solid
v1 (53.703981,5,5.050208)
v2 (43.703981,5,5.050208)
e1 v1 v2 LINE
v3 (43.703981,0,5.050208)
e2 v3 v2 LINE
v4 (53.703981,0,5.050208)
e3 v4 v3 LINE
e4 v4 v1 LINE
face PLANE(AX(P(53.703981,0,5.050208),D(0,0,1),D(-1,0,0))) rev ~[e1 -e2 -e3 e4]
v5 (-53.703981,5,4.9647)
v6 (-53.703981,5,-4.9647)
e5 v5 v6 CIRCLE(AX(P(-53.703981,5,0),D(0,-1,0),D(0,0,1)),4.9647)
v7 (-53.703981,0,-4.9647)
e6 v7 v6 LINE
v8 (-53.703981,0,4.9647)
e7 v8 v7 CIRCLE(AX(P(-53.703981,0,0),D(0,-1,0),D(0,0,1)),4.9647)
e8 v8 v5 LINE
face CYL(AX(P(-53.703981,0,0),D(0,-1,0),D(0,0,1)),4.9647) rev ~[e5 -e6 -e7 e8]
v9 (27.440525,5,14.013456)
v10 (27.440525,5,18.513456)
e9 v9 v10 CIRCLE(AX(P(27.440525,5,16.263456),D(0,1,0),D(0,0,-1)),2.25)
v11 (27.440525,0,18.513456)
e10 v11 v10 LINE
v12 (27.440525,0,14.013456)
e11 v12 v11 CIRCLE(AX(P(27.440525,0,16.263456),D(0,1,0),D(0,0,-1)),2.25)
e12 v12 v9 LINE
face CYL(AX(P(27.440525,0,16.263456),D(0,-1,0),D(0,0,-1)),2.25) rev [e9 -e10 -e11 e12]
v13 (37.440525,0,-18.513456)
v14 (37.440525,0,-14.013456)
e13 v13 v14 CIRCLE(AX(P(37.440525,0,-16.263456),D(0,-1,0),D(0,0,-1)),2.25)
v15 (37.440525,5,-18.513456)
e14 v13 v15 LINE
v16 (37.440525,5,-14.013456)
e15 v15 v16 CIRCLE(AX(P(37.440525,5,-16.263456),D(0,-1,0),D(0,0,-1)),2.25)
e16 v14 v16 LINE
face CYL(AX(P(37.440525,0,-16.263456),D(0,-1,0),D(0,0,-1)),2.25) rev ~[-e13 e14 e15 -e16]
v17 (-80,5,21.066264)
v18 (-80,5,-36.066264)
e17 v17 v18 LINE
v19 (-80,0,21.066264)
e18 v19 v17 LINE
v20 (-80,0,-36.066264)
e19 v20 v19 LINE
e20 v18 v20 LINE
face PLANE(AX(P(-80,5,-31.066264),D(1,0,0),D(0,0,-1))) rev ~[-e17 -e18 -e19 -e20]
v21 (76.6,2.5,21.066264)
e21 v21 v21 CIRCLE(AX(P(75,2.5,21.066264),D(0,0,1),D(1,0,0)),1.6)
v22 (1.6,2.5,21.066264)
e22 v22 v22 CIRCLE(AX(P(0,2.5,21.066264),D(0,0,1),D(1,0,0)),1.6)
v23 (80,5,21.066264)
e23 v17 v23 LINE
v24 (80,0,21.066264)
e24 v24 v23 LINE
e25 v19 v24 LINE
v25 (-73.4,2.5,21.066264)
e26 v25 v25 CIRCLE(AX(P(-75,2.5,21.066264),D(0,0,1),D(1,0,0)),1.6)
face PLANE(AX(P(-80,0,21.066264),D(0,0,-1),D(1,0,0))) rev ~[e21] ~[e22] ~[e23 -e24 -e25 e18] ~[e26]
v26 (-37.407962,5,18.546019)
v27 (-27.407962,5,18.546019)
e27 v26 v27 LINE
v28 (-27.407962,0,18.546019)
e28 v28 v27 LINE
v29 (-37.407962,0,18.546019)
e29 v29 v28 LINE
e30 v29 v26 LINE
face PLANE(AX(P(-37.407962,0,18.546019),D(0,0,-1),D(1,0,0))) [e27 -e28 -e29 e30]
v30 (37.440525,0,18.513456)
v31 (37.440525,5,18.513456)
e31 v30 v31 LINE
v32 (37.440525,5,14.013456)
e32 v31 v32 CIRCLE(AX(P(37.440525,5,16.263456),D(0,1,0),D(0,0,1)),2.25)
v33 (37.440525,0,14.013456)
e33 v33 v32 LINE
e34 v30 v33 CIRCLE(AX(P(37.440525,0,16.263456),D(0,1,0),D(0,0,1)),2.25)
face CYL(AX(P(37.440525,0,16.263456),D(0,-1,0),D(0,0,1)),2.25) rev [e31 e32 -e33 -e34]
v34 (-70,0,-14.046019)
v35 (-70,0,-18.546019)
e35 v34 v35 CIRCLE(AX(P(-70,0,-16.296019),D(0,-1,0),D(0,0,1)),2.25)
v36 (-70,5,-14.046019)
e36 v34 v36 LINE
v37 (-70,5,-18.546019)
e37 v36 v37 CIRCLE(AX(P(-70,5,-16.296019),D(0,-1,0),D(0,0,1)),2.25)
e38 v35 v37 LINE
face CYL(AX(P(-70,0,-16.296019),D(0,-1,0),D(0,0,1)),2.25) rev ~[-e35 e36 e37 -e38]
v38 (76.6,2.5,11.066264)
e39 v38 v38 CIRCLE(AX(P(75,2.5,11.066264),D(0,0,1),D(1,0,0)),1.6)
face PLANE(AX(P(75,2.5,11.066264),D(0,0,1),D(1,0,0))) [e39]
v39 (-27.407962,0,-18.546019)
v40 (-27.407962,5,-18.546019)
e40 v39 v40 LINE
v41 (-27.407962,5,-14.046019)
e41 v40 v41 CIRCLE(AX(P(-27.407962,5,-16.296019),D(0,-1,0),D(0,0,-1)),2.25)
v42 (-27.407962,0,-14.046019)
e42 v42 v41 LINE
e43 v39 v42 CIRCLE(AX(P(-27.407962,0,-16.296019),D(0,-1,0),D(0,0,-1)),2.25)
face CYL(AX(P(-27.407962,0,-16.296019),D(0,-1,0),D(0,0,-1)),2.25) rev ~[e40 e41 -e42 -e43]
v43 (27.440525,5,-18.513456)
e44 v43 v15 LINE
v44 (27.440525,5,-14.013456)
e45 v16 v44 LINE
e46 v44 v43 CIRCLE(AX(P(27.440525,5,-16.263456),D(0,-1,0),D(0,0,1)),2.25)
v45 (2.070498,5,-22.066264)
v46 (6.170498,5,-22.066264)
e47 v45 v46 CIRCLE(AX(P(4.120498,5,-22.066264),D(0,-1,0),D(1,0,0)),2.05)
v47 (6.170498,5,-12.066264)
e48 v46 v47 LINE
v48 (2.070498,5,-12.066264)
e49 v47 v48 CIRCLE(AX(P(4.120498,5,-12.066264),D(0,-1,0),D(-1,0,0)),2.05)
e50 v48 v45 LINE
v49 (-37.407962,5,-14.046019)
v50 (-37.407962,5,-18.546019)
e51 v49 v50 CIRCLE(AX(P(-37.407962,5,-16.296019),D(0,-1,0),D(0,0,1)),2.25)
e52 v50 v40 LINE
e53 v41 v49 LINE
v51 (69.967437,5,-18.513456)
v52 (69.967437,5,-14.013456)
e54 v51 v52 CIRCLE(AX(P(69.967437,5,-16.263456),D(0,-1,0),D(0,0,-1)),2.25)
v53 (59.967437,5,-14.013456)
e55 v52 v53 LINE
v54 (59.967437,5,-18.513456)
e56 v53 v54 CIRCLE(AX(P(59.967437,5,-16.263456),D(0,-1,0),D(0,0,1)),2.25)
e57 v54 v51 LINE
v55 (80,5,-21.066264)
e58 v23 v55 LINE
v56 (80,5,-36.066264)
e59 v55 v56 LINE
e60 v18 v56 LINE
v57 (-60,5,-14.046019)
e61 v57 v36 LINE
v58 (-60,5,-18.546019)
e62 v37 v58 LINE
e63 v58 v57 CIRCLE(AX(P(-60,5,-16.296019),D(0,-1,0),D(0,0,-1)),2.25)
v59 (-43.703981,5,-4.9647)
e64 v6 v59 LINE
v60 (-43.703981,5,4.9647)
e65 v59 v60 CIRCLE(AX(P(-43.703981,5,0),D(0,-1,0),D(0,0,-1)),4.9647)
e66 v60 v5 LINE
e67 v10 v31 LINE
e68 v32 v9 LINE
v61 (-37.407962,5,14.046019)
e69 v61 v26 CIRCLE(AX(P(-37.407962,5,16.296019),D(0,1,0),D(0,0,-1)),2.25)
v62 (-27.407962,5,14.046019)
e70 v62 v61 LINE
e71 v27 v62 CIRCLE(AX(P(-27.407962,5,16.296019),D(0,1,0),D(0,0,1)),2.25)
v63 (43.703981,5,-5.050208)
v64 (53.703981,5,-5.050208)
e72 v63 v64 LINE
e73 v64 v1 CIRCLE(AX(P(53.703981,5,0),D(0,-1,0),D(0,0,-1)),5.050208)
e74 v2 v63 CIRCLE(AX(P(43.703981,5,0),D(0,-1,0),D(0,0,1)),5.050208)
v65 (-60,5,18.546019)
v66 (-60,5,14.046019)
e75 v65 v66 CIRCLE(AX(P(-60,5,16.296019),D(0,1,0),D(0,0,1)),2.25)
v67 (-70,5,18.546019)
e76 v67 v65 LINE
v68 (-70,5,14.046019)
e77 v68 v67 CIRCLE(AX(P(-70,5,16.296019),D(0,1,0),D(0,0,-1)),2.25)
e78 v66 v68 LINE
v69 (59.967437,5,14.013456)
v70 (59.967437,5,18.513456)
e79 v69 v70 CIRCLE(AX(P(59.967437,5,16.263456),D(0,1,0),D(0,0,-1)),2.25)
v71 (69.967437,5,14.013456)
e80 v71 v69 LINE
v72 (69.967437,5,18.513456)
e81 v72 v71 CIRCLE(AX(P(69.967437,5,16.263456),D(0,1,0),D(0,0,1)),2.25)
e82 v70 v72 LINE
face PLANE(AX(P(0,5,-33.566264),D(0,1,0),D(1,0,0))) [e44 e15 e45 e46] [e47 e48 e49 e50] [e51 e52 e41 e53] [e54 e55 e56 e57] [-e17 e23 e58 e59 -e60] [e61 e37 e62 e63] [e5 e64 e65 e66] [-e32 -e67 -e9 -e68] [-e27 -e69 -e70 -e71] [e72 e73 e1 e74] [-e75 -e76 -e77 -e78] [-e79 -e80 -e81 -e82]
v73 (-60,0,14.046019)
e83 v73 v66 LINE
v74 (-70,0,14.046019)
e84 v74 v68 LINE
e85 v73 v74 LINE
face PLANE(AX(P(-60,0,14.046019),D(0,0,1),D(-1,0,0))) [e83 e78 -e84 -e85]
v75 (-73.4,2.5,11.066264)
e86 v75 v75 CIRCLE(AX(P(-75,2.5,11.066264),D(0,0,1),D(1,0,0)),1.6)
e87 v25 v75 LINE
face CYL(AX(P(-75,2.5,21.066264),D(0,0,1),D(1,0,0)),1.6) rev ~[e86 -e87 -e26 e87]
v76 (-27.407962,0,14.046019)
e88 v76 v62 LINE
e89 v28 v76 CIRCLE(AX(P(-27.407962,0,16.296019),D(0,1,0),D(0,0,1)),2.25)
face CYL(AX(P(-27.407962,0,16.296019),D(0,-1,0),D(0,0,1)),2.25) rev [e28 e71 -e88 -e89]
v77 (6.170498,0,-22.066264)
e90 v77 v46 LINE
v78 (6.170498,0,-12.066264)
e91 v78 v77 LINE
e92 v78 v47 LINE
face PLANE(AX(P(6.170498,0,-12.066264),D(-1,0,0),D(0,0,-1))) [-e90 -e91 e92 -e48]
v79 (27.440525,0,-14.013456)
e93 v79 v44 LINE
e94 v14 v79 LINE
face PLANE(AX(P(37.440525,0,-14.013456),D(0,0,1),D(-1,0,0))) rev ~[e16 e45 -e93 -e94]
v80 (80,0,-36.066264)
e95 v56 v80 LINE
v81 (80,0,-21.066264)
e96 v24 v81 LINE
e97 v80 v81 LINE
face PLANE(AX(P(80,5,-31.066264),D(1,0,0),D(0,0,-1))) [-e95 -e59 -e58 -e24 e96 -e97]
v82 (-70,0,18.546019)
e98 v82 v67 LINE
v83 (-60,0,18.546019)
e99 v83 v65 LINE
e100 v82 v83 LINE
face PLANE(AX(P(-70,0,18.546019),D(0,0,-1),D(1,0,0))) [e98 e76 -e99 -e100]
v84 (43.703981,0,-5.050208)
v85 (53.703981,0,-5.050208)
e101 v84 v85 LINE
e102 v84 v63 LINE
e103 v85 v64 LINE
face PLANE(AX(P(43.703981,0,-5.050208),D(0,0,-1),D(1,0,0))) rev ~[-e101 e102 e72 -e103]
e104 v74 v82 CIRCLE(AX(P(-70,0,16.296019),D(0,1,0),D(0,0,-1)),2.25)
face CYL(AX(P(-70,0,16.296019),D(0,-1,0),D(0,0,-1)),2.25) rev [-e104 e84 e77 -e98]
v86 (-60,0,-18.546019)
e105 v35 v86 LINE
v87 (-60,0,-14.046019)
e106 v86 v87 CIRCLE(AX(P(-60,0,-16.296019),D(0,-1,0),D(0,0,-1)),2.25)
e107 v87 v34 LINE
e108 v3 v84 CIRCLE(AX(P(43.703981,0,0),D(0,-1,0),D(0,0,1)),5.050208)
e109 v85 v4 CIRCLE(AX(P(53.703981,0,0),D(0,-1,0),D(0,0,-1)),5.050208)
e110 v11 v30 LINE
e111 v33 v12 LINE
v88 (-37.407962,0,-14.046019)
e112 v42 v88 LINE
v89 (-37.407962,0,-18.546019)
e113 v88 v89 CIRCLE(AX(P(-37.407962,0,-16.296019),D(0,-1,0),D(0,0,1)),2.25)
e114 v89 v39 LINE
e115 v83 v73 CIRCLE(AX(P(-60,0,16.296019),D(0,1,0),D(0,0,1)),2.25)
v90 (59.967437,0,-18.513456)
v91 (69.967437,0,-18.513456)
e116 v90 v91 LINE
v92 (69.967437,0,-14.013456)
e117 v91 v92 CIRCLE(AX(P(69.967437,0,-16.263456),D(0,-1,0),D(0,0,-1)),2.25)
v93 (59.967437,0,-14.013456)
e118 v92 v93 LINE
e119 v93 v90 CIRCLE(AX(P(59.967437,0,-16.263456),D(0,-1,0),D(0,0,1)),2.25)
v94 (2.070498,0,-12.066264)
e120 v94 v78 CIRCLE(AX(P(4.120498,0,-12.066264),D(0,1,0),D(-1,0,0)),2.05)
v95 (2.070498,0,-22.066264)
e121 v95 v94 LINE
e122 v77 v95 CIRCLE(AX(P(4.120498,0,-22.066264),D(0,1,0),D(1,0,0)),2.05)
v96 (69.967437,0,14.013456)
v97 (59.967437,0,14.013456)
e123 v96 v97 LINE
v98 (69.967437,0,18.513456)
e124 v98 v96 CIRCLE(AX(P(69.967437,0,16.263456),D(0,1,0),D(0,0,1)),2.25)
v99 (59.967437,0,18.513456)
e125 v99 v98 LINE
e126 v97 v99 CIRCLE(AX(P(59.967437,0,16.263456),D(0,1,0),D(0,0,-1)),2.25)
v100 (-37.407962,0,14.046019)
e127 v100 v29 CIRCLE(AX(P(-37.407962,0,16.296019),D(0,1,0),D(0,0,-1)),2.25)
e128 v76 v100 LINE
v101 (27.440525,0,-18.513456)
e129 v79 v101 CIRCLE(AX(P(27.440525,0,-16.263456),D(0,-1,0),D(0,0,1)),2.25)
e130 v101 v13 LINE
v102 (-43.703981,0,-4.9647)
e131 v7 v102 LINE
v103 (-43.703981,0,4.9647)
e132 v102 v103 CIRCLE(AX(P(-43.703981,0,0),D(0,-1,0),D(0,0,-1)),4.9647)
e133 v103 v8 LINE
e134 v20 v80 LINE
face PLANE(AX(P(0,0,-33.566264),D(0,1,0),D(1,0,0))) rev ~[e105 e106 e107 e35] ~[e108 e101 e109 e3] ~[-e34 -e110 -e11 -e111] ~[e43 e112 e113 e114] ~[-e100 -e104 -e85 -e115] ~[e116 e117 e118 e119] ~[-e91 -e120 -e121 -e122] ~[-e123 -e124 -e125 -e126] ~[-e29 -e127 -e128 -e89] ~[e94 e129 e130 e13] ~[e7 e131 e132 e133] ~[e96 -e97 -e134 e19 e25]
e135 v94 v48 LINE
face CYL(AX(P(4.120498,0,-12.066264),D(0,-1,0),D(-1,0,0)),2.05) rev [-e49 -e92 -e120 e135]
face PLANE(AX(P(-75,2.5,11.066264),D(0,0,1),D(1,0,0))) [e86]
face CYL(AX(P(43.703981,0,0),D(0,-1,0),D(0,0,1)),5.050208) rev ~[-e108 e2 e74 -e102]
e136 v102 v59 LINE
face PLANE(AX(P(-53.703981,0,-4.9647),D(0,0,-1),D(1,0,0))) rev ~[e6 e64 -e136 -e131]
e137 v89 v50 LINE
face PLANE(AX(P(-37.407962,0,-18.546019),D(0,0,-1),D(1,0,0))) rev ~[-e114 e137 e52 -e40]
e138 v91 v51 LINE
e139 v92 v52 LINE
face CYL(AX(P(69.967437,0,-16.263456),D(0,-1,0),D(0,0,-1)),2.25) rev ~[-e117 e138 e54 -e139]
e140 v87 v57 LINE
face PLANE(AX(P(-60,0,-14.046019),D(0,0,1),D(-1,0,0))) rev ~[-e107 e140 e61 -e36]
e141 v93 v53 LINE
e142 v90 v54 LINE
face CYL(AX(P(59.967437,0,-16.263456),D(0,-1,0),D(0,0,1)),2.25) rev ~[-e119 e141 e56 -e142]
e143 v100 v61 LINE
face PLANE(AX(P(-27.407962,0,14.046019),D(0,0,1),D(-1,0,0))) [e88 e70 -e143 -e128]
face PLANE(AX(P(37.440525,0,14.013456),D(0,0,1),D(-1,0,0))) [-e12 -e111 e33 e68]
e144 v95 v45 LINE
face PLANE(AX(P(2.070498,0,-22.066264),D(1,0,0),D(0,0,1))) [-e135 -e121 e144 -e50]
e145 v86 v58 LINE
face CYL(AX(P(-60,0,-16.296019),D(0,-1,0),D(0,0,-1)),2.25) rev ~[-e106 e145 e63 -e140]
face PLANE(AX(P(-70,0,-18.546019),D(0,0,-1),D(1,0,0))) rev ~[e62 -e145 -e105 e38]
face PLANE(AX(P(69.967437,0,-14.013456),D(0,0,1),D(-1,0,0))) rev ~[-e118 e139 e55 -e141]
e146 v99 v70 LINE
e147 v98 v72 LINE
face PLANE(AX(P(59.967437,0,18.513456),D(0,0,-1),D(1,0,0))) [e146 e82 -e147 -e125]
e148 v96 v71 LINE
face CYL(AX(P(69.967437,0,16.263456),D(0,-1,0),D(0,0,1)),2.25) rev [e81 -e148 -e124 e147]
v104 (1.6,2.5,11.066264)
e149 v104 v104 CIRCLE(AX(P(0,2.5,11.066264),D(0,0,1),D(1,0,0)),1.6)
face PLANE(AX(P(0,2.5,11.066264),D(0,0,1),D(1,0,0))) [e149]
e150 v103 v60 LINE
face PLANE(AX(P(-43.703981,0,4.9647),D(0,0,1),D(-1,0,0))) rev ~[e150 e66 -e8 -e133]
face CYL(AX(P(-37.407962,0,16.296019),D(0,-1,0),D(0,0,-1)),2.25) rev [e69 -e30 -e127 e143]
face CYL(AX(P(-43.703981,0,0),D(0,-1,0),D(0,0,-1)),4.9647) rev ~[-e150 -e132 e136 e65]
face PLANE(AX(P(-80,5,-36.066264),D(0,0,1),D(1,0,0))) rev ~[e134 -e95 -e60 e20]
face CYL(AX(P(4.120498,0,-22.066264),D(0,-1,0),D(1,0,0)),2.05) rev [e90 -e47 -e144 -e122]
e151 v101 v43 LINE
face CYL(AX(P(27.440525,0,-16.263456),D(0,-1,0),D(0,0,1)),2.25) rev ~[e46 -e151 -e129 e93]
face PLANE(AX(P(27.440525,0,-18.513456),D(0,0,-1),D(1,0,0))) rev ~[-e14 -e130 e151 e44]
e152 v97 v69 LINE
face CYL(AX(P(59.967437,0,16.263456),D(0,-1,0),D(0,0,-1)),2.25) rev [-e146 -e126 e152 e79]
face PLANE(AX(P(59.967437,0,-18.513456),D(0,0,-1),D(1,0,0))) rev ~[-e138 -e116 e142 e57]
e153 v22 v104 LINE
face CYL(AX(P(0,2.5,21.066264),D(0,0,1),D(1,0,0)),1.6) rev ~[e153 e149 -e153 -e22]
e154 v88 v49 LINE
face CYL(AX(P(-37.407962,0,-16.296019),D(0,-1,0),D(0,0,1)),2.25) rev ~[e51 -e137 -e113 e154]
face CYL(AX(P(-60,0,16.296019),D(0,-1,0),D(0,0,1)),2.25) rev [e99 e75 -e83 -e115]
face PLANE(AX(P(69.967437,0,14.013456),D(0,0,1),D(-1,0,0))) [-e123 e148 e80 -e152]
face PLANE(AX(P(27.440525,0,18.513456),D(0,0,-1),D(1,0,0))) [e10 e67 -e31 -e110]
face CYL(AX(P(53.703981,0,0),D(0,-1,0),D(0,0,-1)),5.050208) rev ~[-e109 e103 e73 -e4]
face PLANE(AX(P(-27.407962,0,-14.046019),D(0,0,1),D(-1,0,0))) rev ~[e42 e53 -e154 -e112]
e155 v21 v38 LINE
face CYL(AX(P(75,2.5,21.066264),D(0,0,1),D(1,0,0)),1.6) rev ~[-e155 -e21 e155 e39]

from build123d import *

# Parameters (mm, degrees)
SKETCH1_W           = 159.999999944
SKETCH1_H           = 42.132527592
BOSS_EXTRUDE1_DEPTH = 5
SKETCH4_R           = 1.6
CUT_EXTRUDE2_DEPTH  = 10
CUT_EXTRUDE4_DEPTH  = 6
SKETCH10_W          = 160
SKETCH10_H          = 10
BOSS_EXTRUDE4_DEPTH = 5
CUT_EXTRUDE5_DEPTH  = 6
SKETCH11_W          = 160
SKETCH11_H          = 5
BOSS_EXTRUDE5_DEPTH = 5


with BuildPart() as part:
    # Sketch1 → Boss-Extrude1 (new body)
    with BuildSketch(Plane(origin=(0, 0, 0), x_dir=(1, 0, 0), z_dir=(0, 1, 0))):
        Rectangle(SKETCH1_W, SKETCH1_H)
        with BuildLine():
            Line((-69.999999972, 18.546018972), (-59.999999972, 18.546018972))
            ThreePointArc((-59.999999972, 18.546018972), (-57.749999972, 16.296018972), (-59.999999972, 14.046018972))
            Line((-59.999999972, 14.046018972), (-69.999999972, 14.046018972))
            ThreePointArc((-69.999999972, 14.046018972), (-72.249999972, 16.296018972), (-69.999999972, 18.546018972))
        make_face(mode=Mode.SUBTRACT)
        with BuildLine():
            Line((-37.407962028, 18.546018972), (-27.407962028, 18.546018972))
            ThreePointArc((-27.407962028, 18.546018972), (-25.157962028, 16.296018972), (-27.407962028, 14.046018972))
            Line((-27.407962028, 14.046018972), (-37.407962028, 14.046018972))
            ThreePointArc((-37.407962028, 14.046018972), (-39.657962028, 16.296018972), (-37.407962028, 18.546018972))
        make_face(mode=Mode.SUBTRACT)
        with BuildLine():
            Line((-69.999999972, -18.546018972), (-59.999999972, -18.546018972))
            ThreePointArc((-59.999999972, -18.546018972), (-57.749999972, -16.296018972), (-59.999999972, -14.046018972))
            Line((-59.999999972, -14.046018972), (-69.999999972, -14.046018972))
            ThreePointArc((-69.999999972, -14.046018972), (-72.249999972, -16.296018972), (-69.999999972, -18.546018972))
        make_face(mode=Mode.SUBTRACT)
        with BuildLine():
            Line((-37.407962028, -18.546018972), (-27.407962028, -18.546018972))
            ThreePointArc((-27.407962028, -18.546018972), (-25.157962028, -16.296018972), (-27.407962028, -14.046018972))
            Line((-27.407962028, -14.046018972), (-37.407962028, -14.046018972))
            ThreePointArc((-37.407962028, -14.046018972), (-39.657962028, -16.296018972), (-37.407962028, -18.546018972))
        make_face(mode=Mode.SUBTRACT)
        with BuildLine():
            Line((-53.703981, 4.964699858), (-43.703981, 4.964699858))
            ThreePointArc((-43.703981, 4.964699858), (-38.739281142, 0), (-43.703981, -4.964699858))
            Line((-43.703981, -4.964699858), (-53.703981, -4.964699858))
            ThreePointArc((-53.703981, -4.964699858), (-58.668680858, 0), (-53.703981, 4.964699858))
        make_face(mode=Mode.SUBTRACT)
        with BuildLine():
            Line((37.440525033, 14.013455967), (27.440525033, 14.013455967))
            ThreePointArc((27.440525033, 14.013455967), (25.190525033, 16.263455967), (27.440525033, 18.513455967))
            Line((27.440525033, 18.513455967), (37.440525033, 18.513455967))
            ThreePointArc((37.440525033, 18.513455967), (39.690525033, 16.263455967), (37.440525033, 14.013455967))
        make_face(mode=Mode.SUBTRACT)
        with BuildLine():
            Line((69.967436967, 14.013455967), (59.967436967, 14.013455967))
            ThreePointArc((59.967436967, 14.013455967), (57.717436967, 16.263455967), (59.967436967, 18.513455967))
            Line((59.967436967, 18.513455967), (69.967436967, 18.513455967))
            ThreePointArc((69.967436967, 18.513455967), (72.217436967, 16.263455967), (69.967436967, 14.013455967))
        make_face(mode=Mode.SUBTRACT)
        with BuildLine():
            Line((53.703981, -5.050207727), (43.703981, -5.050207727))
            ThreePointArc((43.703981, -5.050207727), (38.653773273, 0), (43.703981, 5.050207727))
            Line((43.703981, 5.050207727), (53.703981, 5.050207727))
            ThreePointArc((53.703981, 5.050207727), (58.754188727, 0), (53.703981, -5.050207727))
        make_face(mode=Mode.SUBTRACT)
        with BuildLine():
            Line((37.440525033, -14.013455967), (27.440525033, -14.013455967))
            ThreePointArc((27.440525033, -14.013455967), (25.190525033, -16.263455967), (27.440525033, -18.513455967))
            Line((27.440525033, -18.513455967), (37.440525033, -18.513455967))
            ThreePointArc((37.440525033, -18.513455967), (39.690525033, -16.263455967), (37.440525033, -14.013455967))
        make_face(mode=Mode.SUBTRACT)
        with BuildLine():
            Line((69.967436967, -14.013455967), (59.967436967, -14.013455967))
            ThreePointArc((59.967436967, -14.013455967), (57.717436967, -16.263455967), (59.967436967, -18.513455967))
            Line((59.967436967, -18.513455967), (69.967436967, -18.513455967))
            ThreePointArc((69.967436967, -18.513455967), (72.217436967, -16.263455967), (69.967436967, -14.013455967))
        make_face(mode=Mode.SUBTRACT)
    extrude(amount=BOSS_EXTRUDE1_DEPTH)

    # Sketch4 → Cut-Extrude2 (cut)
    with BuildSketch(Plane.XY.offset(21.066263796)):
        with Locations((-74.999999972, 2.5)):
            Circle(SKETCH4_R)
        with Locations((74.999999972, 2.5)):
            Circle(SKETCH4_R)
        with Locations((0, 2.5)):
            Circle(SKETCH4_R)
    extrude(amount=-CUT_EXTRUDE2_DEPTH, mode=Mode.SUBTRACT)

    # Sketch9 → Cut-Extrude4 (cut, through all)
    with BuildSketch(Plane.XZ):
        with BuildLine():
            Line((2.070498026, -22.066263796), (2.070498026, -12.066263796))
            ThreePointArc((2.070498026, -12.066263796), (4.120498026, -10.016263796), (6.170498026, -12.066263796))
            Line((6.170498026, -12.066263796), (6.170498026, -22.066263796))
            ThreePointArc((6.170498026, -22.066263796), (4.120498026, -24.116263796), (2.070498026, -22.066263796))
        make_face()
    extrude(amount=-CUT_EXTRUDE4_DEPTH, mode=Mode.SUBTRACT)

    # Sketch10 → Boss-Extrude4 (add)
    with BuildSketch(Plane(origin=(0, 5, 0), x_dir=(1, 0, 0), z_dir=(0, 1, 0))):
        with Locations((2.8e-08, 26.066263796)):
            Rectangle(SKETCH10_W, SKETCH10_H)
    extrude(amount=-BOSS_EXTRUDE4_DEPTH)

    # Sketch9<2> → Cut-Extrude5 (cut, through all)
    with BuildSketch(Plane.XZ):
        with BuildLine():
            Line((2.070498026, -22.066263796), (2.070498026, -12.066263796))
            ThreePointArc((2.070498026, -12.066263796), (4.120498026, -10.016263796), (6.170498026, -12.066263796))
            Line((6.170498026, -12.066263796), (6.170498026, -22.066263796))
            ThreePointArc((6.170498026, -22.066263796), (4.120498026, -24.116263796), (2.070498026, -22.066263796))
        make_face()
    extrude(amount=-CUT_EXTRUDE5_DEPTH, mode=Mode.SUBTRACT)

    # Sketch11 → Boss-Extrude5 (add)
    with BuildSketch(Plane(origin=(0, 5, 0), x_dir=(1, 0, 0), z_dir=(0, 1, 0))):
        with Locations((2.8e-08, 33.566263796)):
            Rectangle(SKETCH11_W, SKETCH11_H)
    extrude(amount=-BOSS_EXTRUDE5_DEPTH)


solid = part.part
